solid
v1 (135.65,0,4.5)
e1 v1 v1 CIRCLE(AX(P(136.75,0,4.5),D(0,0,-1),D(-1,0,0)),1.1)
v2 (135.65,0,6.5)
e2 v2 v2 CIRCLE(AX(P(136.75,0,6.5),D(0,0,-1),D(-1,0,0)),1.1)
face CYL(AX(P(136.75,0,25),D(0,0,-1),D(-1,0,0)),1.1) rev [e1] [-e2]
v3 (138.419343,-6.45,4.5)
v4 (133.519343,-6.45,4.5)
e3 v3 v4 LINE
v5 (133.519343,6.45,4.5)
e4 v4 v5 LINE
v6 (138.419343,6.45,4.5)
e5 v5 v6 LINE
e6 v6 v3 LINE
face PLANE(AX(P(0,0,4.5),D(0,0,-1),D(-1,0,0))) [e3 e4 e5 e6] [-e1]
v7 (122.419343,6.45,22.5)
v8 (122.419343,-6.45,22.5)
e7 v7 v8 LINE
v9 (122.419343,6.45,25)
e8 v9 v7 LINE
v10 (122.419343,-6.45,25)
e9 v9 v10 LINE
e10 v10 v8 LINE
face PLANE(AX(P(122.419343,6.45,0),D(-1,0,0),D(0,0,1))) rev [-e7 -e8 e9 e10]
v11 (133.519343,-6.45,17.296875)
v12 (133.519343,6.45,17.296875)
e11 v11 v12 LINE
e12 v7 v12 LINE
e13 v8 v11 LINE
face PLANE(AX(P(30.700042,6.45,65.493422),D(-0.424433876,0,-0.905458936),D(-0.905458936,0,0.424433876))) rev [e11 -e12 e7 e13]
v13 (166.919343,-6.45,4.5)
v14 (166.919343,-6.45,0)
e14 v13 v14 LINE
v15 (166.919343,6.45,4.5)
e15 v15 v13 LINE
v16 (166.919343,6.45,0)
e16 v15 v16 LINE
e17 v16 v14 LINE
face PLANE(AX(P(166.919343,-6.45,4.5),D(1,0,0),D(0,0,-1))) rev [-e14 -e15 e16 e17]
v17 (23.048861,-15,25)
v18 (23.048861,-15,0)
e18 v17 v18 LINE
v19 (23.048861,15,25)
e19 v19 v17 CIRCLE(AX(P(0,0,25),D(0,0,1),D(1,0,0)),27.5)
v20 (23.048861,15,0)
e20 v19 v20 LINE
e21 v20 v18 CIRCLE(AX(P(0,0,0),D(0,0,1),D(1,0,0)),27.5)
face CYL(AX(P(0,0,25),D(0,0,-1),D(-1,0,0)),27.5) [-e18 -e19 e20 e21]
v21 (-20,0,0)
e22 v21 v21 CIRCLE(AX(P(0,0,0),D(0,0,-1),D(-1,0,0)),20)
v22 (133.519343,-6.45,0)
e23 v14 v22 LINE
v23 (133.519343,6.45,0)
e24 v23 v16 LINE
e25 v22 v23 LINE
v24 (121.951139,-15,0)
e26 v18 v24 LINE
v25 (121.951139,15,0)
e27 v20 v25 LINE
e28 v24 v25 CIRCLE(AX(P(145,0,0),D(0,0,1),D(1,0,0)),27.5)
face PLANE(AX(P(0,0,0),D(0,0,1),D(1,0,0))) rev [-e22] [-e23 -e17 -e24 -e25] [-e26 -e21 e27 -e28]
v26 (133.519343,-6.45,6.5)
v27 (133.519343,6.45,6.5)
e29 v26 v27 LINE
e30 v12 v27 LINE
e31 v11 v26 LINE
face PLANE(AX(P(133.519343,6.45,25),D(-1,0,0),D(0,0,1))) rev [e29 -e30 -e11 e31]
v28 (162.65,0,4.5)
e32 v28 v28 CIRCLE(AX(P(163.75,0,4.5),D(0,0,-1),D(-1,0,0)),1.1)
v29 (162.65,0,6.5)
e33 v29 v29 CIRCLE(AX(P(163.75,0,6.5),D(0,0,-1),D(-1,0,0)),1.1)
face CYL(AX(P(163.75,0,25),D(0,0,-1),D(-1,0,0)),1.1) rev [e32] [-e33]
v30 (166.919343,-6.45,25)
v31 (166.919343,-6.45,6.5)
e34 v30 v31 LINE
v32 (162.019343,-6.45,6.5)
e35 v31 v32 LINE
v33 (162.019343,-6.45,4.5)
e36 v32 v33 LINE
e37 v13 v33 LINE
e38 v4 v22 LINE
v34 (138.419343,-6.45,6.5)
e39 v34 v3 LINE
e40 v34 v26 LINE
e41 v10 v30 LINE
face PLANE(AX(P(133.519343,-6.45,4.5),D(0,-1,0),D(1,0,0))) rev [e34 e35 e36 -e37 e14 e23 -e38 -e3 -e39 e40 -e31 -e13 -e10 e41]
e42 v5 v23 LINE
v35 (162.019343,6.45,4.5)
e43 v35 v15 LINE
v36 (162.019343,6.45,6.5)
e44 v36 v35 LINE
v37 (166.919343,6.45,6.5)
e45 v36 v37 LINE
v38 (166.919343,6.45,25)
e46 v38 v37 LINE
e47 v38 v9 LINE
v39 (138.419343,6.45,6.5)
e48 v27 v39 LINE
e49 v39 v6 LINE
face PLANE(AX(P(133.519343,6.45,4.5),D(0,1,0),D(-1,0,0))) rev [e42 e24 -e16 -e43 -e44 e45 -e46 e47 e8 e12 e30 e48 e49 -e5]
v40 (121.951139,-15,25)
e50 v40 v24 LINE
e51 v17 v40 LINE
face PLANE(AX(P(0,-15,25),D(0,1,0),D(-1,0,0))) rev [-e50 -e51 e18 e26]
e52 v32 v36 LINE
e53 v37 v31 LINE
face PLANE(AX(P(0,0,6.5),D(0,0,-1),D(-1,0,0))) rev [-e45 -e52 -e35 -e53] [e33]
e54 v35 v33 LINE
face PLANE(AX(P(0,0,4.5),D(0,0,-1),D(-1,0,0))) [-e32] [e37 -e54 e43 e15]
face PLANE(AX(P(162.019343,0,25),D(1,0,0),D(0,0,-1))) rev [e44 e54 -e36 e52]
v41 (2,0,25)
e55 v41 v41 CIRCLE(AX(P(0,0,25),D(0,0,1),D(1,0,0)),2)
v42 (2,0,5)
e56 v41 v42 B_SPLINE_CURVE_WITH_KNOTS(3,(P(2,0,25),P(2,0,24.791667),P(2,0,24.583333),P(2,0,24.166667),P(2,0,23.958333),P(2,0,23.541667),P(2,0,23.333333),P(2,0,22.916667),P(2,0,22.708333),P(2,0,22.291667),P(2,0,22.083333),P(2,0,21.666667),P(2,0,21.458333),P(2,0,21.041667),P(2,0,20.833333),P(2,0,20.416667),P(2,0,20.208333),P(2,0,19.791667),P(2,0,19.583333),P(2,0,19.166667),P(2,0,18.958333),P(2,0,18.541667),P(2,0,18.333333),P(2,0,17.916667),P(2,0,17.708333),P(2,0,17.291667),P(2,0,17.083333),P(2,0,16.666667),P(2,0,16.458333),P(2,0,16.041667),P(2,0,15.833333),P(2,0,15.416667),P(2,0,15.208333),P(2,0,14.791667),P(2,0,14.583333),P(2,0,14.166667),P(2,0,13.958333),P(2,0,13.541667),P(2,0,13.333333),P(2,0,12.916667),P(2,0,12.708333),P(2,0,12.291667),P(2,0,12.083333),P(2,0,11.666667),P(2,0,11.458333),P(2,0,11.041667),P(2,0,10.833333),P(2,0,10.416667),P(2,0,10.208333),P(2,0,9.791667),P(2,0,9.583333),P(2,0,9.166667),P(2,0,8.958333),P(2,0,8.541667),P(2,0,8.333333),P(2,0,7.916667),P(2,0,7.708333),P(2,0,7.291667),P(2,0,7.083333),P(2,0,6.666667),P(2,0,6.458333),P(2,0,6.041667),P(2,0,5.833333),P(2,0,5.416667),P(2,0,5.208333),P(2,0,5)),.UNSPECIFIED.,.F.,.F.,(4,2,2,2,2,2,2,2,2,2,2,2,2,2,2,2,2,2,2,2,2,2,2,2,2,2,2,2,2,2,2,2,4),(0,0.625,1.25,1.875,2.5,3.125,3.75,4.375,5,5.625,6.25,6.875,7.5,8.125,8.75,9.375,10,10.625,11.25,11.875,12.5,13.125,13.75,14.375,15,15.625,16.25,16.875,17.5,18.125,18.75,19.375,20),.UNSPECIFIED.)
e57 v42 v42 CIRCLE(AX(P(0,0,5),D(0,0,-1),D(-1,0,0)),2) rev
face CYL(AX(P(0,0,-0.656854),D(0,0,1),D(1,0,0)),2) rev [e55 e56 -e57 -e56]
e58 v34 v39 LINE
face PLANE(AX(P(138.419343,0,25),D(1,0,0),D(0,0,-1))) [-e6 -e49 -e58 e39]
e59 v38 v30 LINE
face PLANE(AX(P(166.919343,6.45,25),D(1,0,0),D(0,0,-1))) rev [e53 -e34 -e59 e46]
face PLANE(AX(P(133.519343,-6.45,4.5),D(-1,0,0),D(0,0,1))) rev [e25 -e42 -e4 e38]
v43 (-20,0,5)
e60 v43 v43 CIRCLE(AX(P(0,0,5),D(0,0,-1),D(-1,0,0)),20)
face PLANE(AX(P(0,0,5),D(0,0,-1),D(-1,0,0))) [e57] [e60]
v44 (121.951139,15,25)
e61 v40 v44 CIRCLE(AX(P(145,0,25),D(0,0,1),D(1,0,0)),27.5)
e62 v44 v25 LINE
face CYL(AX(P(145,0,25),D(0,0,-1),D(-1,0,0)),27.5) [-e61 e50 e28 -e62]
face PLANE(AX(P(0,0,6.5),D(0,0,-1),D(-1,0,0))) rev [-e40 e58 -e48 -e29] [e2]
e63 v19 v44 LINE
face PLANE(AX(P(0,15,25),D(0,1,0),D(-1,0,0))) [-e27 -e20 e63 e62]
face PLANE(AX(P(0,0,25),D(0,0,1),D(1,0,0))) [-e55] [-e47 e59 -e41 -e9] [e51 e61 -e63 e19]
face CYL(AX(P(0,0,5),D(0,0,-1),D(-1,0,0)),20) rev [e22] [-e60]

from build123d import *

# Parameters (mm, degrees)
BOSS_EXTRUDE1_DEPTH = 25
SKETCH16_W          = 33.4
SKETCH16_H          = 12.9
CUT_EXTRUDE10_DEPTH = 4.5
SKETCH19_R          = 20
CUT_EXTRUDE14_DEPTH = 5
SKETCH17_W          = 23.6
SKETCH17_H          = 12.9
CUT_EXTRUDE11_DEPTH = 177.45821035
CUT_EXTRUDE13_DEPTH = 6.45
SKETCH20_W          = 33.4
SKETCH20_H          = 12.9
CUT_EXTRUDE15_DEPTH = 176.655202029
SKETCH21_R          = 1.1
CUT_EXTRUDE16_DEPTH = 177.45821035
SKETCH22_R          = 2
CUT_EXTRUDE17_DEPTH = 20


with BuildPart() as part:
    # Sketch1 → Boss-Extrude1 (new body)
    with BuildSketch(Plane.XY):
        with BuildLine():
            ThreePointArc((172.5, 0), (152.823244805, 26.363741023), (121.951138857, 15))
            Line((121.951138857, 15), (145, 15))
            Line((145, 15), (145, -15))
            Line((145, -15), (121.951138857, -15))
            ThreePointArc((121.951138857, -15), (152.823244805, -26.363741023), (172.5, 0))
        make_face()
        with BuildLine():
            Line((145, 15), (121.951138857, 15))
            ThreePointArc((121.951138857, 15), (117.5, 0), (121.951138857, -15))
            Line((121.951138857, -15), (145, -15))
            Line((145, -15), (145, 15))
        make_face()
        with BuildLine():
            Line((121.951138857, 15), (23.048861143, 15))
            ThreePointArc((23.048861143, 15), (26.363741023, 7.823244805), (27.5, 0))
            ThreePointArc((27.5, 0), (26.363741023, -7.823244805), (23.048861143, -15))
            Line((23.048861143, -15), (121.951138857, -15))
            ThreePointArc((121.951138857, -15), (117.5, 0), (121.951138857, 15))
        make_face()
        with BuildLine():
            ThreePointArc((13.228756555, -15), (-20, 0), (13.228756555, 15))
            Line((13.228756555, 15), (23.048861143, 15))
            ThreePointArc((23.048861143, 15), (-27.5, 0), (23.048861143, -15))
            Line((23.048861143, -15), (13.228756555, -15))
        make_face()
        with BuildLine():
            Line((23.048861143, 15), (13.228756555, 15))
            ThreePointArc((13.228756555, 15), (18.228756555, 8.228756555), (20, 0))
            ThreePointArc((20, 0), (18.228756555, -8.228756555), (13.228756555, -15))
            Line((13.228756555, -15), (23.048861143, -15))
            ThreePointArc((23.048861143, -15), (26.363741023, -7.823244805), (27.5, 0))
            ThreePointArc((27.5, 0), (26.363741023, 7.823244805), (23.048861143, 15))
        make_face()
        with BuildLine():
            Line((0, -15), (0, 15))
            Line((0, 15), (13.228756555, 15))
            ThreePointArc((13.228756555, 15), (-20, 0), (13.228756555, -15))
            Line((13.228756555, -15), (0, -15))
        make_face()
        with BuildLine():
            Line((13.228756555, 15), (0, 15))
            Line((0, 15), (0, -15))
            Line((0, -15), (13.228756555, -15))
            ThreePointArc((13.228756555, -15), (18.228756555, -8.228756555), (20, 0))
            ThreePointArc((20, 0), (18.228756555, 8.228756555), (13.228756555, 15))
        make_face()
    extrude(amount=BOSS_EXTRUDE1_DEPTH)

    # Sketch16 → Cut-Extrude10 (cut)
    with BuildSketch(Plane(origin=(0, 0, 0), x_dir=(-1, 0, 0), z_dir=(0, 0, -1))):
        with Locations((-150.21934279, 0)):
            Rectangle(SKETCH16_W, SKETCH16_H)
    extrude(amount=-CUT_EXTRUDE10_DEPTH, mode=Mode.SUBTRACT)

    # Sketch19 → Cut-Extrude14 (cut)
    with BuildSketch(Plane(origin=(0, 0, 0), x_dir=(-1, 0, 0), z_dir=(0, 0, -1))):
        Circle(SKETCH19_R)
    extrude(amount=-CUT_EXTRUDE14_DEPTH, mode=Mode.SUBTRACT)

    # Sketch17 → Cut-Extrude11 (cut, through all)
    with BuildSketch(Plane(origin=(0, 0, 0), x_dir=(-1, 0, 0), z_dir=(0, 0, -1))):
        with Locations((-150.21934279, 0)):
            Rectangle(SKETCH17_W, SKETCH17_H)
    extrude(amount=-CUT_EXTRUDE11_DEPTH, mode=Mode.SUBTRACT)

    # Sketch18 → Cut-Extrude13 (cut, symmetric)
    with BuildSketch(Plane(origin=(0, 0, 0), x_dir=(-1, 0, 0), z_dir=(0, -1, 0))):
        Polygon((-138.41934279, -15), (-138.41934279, -25), (-122.41934279, -25), (-122.41934279, -22.5), align=None)
    extrude(amount=CUT_EXTRUDE13_DEPTH, both=True, mode=Mode.SUBTRACT)

    # Sketch20 → Cut-Extrude15 (cut, through all)
    with BuildSketch(Plane(origin=(0, 0, 6.5), x_dir=(-1, 0, 0), z_dir=(0, 0, -1))):
        with Locations((-150.21934279, 0)):
            Rectangle(SKETCH20_W, SKETCH20_H)
    extrude(amount=-CUT_EXTRUDE15_DEPTH, mode=Mode.SUBTRACT)

    # Sketch21 → Cut-Extrude16 (cut, through all)
    with BuildSketch(Plane(origin=(0, 0, 0), x_dir=(-1, 0, 0), z_dir=(0, 0, -1))):
        with Locations((-163.75, 0)):
            Circle(SKETCH21_R)
        with Locations((-136.75, 0)):
            Circle(SKETCH21_R)
    extrude(amount=-CUT_EXTRUDE16_DEPTH, mode=Mode.SUBTRACT)

    # Sketch22 → Cut-Extrude17 (cut)
    with BuildSketch(Plane.XY.offset(25)):
        Circle(SKETCH22_R)
    extrude(amount=-CUT_EXTRUDE17_DEPTH, mode=Mode.SUBTRACT)


solid = part.part
